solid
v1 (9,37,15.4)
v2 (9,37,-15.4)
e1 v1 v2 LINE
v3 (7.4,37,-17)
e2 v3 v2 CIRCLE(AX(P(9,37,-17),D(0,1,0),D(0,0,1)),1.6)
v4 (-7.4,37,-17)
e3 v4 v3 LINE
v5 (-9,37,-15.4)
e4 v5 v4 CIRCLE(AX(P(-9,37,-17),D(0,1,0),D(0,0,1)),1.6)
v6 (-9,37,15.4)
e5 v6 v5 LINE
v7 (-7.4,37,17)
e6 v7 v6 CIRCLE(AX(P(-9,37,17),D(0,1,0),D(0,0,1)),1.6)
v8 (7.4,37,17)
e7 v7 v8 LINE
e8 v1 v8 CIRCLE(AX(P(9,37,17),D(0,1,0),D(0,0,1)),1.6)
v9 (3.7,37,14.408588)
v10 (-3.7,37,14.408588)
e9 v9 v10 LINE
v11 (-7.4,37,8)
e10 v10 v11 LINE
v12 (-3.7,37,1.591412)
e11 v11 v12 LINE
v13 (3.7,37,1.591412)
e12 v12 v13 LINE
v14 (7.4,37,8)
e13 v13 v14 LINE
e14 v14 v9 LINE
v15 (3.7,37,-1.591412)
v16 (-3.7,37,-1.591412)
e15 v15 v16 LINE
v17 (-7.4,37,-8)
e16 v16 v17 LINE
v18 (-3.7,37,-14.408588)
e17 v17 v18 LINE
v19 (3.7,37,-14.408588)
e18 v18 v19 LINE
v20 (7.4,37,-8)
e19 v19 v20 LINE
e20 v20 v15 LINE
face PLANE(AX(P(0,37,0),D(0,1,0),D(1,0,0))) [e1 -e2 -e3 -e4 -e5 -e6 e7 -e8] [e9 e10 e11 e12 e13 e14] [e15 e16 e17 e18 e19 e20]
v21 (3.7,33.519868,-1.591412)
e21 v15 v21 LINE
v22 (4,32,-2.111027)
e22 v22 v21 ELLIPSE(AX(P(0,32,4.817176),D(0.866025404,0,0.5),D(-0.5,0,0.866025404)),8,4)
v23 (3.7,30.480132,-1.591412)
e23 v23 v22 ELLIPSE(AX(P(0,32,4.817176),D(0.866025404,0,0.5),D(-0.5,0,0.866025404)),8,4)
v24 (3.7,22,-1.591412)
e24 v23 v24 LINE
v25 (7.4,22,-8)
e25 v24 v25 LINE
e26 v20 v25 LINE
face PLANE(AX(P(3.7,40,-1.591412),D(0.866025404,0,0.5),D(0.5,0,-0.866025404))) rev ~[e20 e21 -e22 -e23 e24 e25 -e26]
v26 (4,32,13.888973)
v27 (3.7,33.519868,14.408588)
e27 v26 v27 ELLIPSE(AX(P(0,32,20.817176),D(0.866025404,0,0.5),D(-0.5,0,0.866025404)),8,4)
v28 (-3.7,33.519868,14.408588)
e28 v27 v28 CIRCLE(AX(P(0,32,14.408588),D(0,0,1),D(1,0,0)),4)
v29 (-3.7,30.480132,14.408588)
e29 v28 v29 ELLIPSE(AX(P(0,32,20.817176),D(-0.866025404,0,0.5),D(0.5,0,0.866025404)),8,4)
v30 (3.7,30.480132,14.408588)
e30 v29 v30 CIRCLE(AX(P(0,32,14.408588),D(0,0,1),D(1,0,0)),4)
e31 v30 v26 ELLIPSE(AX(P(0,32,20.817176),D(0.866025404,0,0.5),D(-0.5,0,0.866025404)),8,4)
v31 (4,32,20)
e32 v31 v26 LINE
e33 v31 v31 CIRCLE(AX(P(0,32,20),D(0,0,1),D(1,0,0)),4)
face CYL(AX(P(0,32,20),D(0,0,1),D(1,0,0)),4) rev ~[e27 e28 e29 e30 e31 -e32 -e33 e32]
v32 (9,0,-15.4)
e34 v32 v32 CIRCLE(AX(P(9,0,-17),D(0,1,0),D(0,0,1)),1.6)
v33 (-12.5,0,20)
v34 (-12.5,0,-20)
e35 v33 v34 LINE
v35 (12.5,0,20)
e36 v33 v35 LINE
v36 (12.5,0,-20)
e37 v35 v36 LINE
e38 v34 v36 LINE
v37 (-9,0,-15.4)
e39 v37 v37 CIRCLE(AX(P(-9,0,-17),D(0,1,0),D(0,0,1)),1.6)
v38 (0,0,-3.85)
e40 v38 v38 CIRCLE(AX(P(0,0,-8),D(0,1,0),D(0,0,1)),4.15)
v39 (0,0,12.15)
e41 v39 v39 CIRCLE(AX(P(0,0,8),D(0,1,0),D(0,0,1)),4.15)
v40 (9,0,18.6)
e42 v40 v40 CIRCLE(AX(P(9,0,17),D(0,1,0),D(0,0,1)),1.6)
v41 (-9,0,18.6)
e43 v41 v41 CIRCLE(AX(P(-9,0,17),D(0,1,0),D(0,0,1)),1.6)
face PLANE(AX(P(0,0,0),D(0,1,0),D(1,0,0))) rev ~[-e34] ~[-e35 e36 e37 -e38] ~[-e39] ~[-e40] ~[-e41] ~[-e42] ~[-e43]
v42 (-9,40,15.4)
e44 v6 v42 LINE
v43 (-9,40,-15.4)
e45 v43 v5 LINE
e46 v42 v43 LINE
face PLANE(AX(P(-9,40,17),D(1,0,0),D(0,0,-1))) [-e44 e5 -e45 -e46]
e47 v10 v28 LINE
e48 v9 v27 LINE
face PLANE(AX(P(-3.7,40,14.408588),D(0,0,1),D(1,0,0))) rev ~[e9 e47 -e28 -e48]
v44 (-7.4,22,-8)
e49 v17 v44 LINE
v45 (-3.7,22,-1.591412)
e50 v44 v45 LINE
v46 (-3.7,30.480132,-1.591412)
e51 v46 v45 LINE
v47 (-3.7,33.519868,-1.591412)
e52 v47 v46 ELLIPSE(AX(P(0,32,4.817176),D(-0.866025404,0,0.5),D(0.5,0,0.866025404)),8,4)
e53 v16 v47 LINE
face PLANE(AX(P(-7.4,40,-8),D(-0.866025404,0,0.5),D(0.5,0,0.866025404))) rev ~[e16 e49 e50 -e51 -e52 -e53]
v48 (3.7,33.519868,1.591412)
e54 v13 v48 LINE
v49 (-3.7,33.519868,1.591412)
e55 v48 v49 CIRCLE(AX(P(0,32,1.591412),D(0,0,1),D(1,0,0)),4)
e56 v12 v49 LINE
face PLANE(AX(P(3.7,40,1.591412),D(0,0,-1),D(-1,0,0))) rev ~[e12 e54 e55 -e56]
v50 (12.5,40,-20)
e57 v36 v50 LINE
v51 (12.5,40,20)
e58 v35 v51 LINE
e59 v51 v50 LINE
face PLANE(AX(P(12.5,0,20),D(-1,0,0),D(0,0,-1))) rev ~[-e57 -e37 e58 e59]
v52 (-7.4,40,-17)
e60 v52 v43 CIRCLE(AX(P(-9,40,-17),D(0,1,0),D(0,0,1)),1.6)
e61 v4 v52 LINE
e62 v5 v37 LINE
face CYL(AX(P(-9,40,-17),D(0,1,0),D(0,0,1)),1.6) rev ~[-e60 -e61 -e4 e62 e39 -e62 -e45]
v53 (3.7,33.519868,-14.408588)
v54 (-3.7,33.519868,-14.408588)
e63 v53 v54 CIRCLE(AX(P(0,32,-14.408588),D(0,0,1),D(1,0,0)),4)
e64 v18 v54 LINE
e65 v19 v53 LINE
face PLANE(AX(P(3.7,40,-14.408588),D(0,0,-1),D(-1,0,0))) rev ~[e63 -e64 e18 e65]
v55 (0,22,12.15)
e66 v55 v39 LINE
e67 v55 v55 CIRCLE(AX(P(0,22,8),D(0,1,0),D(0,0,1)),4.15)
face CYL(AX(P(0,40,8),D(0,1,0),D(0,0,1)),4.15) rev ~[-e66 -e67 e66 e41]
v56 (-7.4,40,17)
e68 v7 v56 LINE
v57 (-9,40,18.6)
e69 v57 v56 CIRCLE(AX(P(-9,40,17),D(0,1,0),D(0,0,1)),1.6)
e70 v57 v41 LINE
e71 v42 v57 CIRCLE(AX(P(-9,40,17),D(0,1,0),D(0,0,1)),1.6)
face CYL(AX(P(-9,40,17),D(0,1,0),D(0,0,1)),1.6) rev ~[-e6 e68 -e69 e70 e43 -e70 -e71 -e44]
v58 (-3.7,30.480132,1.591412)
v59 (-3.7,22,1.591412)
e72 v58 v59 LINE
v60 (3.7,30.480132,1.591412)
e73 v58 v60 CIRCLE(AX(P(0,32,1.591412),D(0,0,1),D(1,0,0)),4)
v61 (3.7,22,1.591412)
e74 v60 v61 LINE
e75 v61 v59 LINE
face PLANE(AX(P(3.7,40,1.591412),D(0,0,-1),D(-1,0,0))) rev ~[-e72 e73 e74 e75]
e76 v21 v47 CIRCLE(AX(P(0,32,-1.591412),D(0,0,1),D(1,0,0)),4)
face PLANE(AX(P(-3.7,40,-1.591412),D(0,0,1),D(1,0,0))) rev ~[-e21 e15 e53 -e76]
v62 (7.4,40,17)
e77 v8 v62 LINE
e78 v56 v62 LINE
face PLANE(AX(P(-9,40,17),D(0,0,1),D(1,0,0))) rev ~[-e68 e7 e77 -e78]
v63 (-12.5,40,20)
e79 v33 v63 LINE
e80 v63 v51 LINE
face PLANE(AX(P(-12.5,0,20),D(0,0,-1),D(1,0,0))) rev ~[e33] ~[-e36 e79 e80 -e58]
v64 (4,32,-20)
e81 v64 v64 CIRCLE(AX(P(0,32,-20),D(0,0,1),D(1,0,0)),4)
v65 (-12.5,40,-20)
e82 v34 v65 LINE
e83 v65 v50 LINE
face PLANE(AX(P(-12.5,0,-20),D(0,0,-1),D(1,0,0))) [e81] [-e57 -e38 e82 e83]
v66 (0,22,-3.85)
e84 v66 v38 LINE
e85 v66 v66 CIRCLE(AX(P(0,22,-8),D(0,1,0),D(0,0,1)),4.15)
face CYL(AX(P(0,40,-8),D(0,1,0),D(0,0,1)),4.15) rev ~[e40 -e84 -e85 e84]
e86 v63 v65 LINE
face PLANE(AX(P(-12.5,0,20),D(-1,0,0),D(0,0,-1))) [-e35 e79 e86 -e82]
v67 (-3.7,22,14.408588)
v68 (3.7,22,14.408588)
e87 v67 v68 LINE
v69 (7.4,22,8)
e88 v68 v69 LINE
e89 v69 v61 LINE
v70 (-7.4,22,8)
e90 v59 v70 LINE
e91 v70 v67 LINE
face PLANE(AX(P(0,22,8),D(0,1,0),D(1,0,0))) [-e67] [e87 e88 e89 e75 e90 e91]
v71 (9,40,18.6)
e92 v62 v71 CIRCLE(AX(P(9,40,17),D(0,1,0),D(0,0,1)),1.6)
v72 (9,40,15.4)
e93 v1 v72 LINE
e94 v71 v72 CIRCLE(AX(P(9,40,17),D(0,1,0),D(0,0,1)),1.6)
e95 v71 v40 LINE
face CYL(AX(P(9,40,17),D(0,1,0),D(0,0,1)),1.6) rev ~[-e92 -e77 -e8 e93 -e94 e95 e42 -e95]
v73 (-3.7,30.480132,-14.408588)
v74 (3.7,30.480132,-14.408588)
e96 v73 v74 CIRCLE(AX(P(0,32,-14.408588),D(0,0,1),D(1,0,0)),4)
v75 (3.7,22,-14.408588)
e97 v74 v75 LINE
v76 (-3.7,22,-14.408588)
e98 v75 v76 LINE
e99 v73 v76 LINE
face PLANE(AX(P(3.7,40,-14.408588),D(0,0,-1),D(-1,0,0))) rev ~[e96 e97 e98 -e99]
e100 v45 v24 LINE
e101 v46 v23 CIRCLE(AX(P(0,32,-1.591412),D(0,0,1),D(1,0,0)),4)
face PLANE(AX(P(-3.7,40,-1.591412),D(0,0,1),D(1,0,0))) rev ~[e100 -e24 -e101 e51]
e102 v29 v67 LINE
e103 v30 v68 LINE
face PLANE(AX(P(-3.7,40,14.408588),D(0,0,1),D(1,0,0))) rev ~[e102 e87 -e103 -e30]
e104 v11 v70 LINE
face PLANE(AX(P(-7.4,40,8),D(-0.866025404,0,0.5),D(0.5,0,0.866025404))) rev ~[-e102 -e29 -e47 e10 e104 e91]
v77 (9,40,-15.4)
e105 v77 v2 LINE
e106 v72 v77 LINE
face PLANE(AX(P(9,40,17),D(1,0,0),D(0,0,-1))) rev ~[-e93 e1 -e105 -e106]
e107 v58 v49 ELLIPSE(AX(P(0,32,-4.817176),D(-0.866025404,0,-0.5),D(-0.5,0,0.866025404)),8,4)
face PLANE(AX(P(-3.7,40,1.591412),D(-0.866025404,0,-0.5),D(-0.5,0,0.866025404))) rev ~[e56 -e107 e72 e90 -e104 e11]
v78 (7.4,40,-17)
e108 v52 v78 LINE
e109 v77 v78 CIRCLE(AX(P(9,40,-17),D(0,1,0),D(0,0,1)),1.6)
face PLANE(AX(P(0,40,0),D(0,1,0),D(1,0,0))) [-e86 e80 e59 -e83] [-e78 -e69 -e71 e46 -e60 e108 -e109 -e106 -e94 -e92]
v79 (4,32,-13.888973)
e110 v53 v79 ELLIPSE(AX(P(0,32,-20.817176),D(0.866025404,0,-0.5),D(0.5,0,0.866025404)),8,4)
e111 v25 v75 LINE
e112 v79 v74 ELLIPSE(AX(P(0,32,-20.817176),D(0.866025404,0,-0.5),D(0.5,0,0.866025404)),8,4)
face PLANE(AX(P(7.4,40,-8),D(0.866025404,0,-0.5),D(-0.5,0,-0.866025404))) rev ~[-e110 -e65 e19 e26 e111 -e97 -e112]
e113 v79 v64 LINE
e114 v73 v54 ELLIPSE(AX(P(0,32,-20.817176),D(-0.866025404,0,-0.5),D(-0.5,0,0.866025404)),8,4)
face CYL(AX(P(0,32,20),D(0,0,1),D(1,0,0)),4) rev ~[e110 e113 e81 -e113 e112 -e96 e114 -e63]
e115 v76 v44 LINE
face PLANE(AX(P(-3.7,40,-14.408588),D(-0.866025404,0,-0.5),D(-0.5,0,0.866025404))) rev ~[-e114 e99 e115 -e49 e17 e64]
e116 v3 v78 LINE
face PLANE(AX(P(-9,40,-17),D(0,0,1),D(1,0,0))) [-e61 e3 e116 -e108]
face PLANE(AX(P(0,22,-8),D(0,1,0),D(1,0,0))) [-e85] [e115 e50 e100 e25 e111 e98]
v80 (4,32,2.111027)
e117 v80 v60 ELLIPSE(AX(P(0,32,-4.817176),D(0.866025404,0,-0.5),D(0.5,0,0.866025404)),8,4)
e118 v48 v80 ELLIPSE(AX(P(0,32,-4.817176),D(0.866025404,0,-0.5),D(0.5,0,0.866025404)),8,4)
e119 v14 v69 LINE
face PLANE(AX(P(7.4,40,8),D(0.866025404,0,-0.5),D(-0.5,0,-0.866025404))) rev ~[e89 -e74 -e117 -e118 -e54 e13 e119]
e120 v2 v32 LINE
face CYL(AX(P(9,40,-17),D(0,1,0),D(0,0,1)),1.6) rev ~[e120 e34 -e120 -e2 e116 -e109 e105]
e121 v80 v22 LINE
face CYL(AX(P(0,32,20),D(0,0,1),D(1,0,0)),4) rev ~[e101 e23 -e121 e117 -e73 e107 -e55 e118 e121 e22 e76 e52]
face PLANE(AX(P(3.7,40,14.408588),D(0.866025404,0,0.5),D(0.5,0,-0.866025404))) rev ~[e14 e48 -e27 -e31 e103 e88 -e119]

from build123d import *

# Parameters (mm, degrees)
SKETCH1_W           = 25
SKETCH1_H           = 40
BOSS_EXTRUDE1_DEPTH = 40
SKETCH2_R           = 4
CUT_EXTRUDE1_DEPTH  = 58.933151131
SKETCH4_R           = 4.15
CUT_EXTRUDE2_DEPTH  = 47.435439053
CUT_EXTRUDE3_DEPTH  = 18
SKETCH6_R           = 1.6
CUT_EXTRUDE4_DEPTH  = 47.435439053
SKETCH7_W           = 18
SKETCH7_H           = 34
CUT_EXTRUDE5_DEPTH  = 3


with BuildPart() as part:
    # Sketch1 → Boss-Extrude1 (new body)
    with BuildSketch(Plane(origin=(0, 0, 0), x_dir=(1, 0, 0), z_dir=(0, 1, 0))):
        Rectangle(SKETCH1_W, SKETCH1_H)
    extrude(amount=BOSS_EXTRUDE1_DEPTH)

    # Sketch2 → Cut-Extrude1 (cut, through all)
    with BuildSketch(Plane.XY.offset(20)):
        with Locations((0, 32)):
            Circle(SKETCH2_R)
    extrude(amount=-CUT_EXTRUDE1_DEPTH, mode=Mode.SUBTRACT)

    # Sketch4 → Cut-Extrude2 (cut, through all)
    with BuildSketch(Plane(origin=(0, 40, 0), x_dir=(1, 0, 0), z_dir=(0, 1, 0))):
        with Locations(Location((0, -8, 0), (0, 0, 270))):
            Circle(SKETCH4_R)
        with Locations(Location((0, 8, 0), (0, 0, 270))):
            Circle(SKETCH4_R)
    extrude(amount=-CUT_EXTRUDE2_DEPTH, mode=Mode.SUBTRACT)

    # Sketch5 → Cut-Extrude3 (cut)
    with BuildSketch(Plane(origin=(0, 40, 0), x_dir=(1, 0, 0), z_dir=(0, 1, 0))):
        Polygon((-3.7, -14.408587988), (3.7, -14.408587988), (7.4, -8), (3.7, -1.591412012), (-3.7, -1.591412012), (-7.4, -8), align=None)
        Polygon((-3.7, 14.408587988), (-7.4, 8), (-3.7, 1.591412012), (3.7, 1.591412012), (7.4, 8), (3.7, 14.408587988), align=None)
    extrude(amount=-CUT_EXTRUDE3_DEPTH, mode=Mode.SUBTRACT)

    # Sketch6 → Cut-Extrude4 (cut, through all)
    with BuildSketch(Plane(origin=(0, 40, 0), x_dir=(1, 0, 0), z_dir=(0, 1, 0))):
        with Locations(Location((9, -17, 0), (0, 0, 270))):
            Circle(SKETCH6_R)
        with Locations(Location((-9, -17, 0), (0, 0, 270))):
            Circle(SKETCH6_R)
        with Locations(Location((-9, 17, 0), (0, 0, 270))):
            Circle(SKETCH6_R)
        with Locations(Location((9, 17, 0), (0, 0, 270))):
            Circle(SKETCH6_R)
    extrude(amount=-CUT_EXTRUDE4_DEPTH, mode=Mode.SUBTRACT)

    # Sketch7 → Cut-Extrude5 (cut)
    with BuildSketch(Plane(origin=(0, 40, 0), x_dir=(1, 0, 0), z_dir=(0, 1, 0))):
        Rectangle(SKETCH7_W, SKETCH7_H)
    extrude(amount=-CUT_EXTRUDE5_DEPTH, mode=Mode.SUBTRACT)


solid = part.part
